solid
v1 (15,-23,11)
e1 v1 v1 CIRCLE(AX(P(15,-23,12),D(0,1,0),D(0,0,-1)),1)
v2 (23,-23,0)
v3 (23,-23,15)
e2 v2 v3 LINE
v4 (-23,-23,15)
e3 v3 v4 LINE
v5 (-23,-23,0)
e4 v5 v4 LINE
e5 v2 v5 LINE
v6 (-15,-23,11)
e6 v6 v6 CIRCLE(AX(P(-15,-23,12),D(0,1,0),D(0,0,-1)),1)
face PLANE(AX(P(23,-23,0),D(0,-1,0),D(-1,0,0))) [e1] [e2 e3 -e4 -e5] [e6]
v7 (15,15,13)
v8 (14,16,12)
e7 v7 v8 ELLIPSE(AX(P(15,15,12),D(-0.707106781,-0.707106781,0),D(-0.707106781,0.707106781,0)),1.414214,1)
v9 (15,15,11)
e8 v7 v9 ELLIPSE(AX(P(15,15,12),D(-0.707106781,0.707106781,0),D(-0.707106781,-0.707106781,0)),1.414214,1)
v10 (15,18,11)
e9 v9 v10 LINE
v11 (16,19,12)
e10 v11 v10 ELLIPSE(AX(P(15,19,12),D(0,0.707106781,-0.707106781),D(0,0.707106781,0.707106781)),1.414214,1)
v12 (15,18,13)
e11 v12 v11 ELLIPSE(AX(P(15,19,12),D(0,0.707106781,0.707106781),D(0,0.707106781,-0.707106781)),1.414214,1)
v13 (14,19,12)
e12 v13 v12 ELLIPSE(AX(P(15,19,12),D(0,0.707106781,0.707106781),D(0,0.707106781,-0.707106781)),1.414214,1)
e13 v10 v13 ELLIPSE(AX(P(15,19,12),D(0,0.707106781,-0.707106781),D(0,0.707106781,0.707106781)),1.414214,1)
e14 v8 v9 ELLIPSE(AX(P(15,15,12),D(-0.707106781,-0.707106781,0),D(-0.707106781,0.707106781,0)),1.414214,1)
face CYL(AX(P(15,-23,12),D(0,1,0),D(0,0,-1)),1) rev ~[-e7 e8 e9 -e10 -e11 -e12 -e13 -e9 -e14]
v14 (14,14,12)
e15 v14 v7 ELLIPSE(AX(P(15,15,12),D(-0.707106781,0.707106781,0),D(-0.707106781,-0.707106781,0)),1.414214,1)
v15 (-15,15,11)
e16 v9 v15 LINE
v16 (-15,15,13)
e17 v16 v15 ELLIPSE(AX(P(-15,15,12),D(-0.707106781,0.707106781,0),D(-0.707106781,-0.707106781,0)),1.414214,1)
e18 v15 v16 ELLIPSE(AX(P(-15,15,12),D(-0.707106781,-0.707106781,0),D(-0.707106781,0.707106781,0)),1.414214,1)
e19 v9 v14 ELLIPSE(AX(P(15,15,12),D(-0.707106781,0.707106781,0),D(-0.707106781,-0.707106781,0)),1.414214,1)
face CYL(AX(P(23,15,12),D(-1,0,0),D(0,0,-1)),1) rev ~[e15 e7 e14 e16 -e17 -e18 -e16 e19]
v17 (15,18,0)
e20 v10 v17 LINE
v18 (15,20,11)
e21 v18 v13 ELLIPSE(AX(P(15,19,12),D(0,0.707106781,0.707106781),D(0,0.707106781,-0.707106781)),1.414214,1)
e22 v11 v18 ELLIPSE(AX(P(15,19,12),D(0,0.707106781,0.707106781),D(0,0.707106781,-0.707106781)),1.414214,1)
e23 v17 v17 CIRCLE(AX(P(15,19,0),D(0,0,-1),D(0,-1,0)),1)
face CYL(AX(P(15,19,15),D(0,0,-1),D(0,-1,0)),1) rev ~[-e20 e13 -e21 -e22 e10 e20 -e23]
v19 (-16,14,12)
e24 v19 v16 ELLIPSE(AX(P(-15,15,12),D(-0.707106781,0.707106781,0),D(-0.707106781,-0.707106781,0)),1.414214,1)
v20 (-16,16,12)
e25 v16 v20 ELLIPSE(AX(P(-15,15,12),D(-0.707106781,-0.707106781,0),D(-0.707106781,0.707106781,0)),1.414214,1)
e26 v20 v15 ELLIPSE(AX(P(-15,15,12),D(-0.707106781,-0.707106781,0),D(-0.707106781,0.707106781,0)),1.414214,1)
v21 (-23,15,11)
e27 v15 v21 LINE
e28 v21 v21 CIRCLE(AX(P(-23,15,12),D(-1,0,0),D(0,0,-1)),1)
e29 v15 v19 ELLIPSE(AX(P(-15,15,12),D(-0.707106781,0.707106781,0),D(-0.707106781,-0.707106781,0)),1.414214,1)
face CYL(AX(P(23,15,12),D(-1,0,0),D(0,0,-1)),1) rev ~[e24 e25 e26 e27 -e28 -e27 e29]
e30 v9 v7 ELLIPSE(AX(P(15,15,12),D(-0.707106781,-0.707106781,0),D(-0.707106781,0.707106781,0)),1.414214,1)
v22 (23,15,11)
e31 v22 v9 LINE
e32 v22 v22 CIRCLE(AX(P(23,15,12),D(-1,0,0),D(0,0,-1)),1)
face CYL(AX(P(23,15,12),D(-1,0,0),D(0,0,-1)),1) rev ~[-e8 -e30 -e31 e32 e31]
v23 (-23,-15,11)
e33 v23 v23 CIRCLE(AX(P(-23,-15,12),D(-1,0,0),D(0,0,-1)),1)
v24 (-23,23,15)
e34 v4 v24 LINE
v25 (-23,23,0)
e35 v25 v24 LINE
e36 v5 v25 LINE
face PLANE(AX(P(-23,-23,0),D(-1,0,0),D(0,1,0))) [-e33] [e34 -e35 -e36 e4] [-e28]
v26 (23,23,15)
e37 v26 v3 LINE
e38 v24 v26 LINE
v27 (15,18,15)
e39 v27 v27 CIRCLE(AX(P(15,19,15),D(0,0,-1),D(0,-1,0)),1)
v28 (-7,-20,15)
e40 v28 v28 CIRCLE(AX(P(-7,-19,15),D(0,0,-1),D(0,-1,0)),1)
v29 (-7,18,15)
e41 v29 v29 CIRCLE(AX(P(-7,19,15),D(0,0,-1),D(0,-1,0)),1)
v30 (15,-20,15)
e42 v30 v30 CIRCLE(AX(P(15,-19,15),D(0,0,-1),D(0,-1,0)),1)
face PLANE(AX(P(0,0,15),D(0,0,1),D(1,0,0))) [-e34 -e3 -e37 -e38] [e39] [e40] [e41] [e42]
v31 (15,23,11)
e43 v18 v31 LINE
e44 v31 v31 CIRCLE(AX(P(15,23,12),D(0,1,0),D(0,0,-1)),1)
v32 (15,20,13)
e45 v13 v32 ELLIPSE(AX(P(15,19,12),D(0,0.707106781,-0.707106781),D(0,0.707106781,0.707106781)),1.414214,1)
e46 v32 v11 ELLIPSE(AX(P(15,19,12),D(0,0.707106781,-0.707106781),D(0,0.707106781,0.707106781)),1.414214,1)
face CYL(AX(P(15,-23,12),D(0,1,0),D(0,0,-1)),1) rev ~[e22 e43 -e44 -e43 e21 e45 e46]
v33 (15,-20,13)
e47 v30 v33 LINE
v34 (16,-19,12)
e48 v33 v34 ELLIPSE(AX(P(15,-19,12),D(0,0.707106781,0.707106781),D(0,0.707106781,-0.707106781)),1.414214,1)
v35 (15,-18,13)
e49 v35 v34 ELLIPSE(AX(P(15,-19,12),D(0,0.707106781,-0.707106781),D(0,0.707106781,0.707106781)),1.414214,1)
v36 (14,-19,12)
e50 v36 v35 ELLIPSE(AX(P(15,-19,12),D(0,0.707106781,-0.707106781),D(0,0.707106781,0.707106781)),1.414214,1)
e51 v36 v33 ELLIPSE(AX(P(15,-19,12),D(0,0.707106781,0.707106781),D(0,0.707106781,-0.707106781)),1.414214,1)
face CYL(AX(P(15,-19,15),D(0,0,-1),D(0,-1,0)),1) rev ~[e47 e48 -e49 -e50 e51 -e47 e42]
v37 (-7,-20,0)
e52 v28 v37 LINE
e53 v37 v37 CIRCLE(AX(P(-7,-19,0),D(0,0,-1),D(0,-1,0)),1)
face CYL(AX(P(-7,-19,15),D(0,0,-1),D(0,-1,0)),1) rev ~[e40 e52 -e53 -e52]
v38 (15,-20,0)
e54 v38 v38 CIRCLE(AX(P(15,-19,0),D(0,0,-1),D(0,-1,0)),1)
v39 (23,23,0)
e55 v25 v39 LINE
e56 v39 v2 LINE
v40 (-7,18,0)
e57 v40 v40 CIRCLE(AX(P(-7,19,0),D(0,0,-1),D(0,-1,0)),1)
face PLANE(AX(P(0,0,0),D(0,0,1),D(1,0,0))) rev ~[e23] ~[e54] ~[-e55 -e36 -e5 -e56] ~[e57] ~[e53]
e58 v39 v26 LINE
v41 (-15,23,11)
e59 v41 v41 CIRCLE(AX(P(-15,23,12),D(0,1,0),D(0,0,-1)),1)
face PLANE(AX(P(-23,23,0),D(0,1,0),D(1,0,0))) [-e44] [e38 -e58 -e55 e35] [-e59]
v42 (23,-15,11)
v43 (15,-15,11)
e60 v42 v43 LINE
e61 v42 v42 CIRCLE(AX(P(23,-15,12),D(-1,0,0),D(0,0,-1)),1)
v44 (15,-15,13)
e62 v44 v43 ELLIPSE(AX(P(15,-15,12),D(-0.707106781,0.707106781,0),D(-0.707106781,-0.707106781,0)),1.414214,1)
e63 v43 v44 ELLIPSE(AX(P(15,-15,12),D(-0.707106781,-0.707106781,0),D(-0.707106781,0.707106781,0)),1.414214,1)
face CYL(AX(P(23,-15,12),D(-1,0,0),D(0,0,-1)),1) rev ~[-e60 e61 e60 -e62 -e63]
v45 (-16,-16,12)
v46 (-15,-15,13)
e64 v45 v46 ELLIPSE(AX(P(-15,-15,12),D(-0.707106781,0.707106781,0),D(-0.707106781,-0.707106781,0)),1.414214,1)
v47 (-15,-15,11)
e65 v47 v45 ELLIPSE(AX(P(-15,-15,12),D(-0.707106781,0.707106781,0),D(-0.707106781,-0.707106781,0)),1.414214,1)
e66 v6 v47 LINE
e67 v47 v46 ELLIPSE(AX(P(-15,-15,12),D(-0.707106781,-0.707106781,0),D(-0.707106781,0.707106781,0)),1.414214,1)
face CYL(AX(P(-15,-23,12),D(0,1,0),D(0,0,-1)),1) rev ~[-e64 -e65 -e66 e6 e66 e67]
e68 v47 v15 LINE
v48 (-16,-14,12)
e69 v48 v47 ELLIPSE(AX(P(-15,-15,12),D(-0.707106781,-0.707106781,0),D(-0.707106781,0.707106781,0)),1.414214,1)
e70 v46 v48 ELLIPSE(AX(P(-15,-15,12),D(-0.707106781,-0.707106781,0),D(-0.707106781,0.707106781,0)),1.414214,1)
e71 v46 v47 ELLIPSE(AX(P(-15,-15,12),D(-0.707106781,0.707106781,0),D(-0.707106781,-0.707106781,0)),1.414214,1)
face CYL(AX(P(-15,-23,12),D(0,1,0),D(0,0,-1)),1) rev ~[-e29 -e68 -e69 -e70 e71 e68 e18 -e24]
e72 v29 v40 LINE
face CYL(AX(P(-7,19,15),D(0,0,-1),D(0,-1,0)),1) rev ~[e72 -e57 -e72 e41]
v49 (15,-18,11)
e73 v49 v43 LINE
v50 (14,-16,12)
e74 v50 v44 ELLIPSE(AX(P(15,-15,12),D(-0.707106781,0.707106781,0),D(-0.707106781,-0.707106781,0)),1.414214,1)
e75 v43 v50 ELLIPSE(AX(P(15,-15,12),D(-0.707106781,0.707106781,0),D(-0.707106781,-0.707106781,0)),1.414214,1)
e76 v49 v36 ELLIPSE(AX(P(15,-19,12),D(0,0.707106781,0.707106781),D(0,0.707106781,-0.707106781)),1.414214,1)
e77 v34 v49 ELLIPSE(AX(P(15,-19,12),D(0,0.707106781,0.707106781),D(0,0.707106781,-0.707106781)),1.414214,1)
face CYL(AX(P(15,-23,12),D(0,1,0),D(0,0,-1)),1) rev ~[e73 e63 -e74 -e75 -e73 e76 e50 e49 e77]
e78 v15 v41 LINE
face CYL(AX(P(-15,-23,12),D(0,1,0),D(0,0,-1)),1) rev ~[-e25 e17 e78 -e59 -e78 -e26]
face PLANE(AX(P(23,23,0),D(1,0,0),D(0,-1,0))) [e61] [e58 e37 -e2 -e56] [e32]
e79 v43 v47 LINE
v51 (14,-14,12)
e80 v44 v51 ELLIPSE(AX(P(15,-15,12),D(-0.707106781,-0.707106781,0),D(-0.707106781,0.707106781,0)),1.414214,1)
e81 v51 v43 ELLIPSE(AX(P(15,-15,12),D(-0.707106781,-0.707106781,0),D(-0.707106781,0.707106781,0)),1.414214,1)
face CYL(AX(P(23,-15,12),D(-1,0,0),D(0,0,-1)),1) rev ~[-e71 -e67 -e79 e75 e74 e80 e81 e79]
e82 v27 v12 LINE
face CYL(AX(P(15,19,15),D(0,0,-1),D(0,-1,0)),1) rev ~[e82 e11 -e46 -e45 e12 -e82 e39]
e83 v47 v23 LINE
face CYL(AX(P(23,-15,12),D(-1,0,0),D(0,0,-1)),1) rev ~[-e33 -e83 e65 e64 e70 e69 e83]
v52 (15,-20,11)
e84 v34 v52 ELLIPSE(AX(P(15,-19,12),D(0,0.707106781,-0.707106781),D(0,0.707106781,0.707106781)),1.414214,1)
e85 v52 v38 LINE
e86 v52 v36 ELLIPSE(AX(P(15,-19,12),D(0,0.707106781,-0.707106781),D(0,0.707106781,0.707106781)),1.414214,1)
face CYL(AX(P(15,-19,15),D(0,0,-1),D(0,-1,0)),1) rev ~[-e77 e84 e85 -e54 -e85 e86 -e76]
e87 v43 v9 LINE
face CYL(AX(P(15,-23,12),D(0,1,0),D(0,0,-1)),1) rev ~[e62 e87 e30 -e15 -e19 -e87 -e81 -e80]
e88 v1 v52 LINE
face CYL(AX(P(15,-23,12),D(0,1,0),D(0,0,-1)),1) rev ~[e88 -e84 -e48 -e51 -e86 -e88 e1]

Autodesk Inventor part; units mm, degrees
ref_plane "YZ Plane" through (0, 0, 0) normal (1, 0, 0) x (0, 1, 0)
ref_plane "XZ Plane" through (0, 0, 0) normal (0, 1, 0) x (-1, 0, 0)
ref_plane "XY Plane" through (0, 0, 0) normal (0, 0, 1) x (1, 0, 0)
sketch "スケッチ1" plane through (0, 0, 0) normal (0, 0, 1) x (1, 0, 0)
  line L0 (-23, 23) -> (23, 23)
  line L1 (23, 23) -> (23, -23)
  line L2 (23, -23) -> (-23, -23)
  line L3 (-23, -23) -> (-23, 23)
  point P0 (0, 0)
  dimension "d0" = 46
  dimension "d1" = 46
  dimension "d2" = 23
  dimension "d3" = 23
extrude "押し出し1" add sketch "スケッチ1" along normal blind 15
sketch "スケッチ2" plane through (23, -23, 0) normal (1, 0, 0) x (0, 0, -1)
  line L0 (0, 0) -> (-15, 0) projected
  line L1 (0, 46) -> (-15, 46) projected
  circle A0 centre (-12, 38) radius 1
  circle A1 centre (-12, 8) radius 1
  line L2 (-15, 46) -> (-15, 0) projected
  point P0 (0, 23)
  dimension "d6" = 2
  dimension "d8" = 8
  dimension "d13" = 8
  dimension "d48" = 3
  dimension "d50" = 3
hole "穴1" at (23, -15, 12) at (23, 15, 12) direction (-1, 0, 0) diameter 2 end through all
sketch "スケッチ3" plane through (-23, -23, 0) normal (0, -1, 0) x (1, 0, 0)
  line L0 (46, 15) -> (0, 15) projected
  line L1 (0, 0) -> (0, 15) projected
  line L2 (46, 0) -> (46, 15) projected
  circle A0 centre (8, 12) radius 1
  circle A1 centre (38, 12) radius 1
  point P0 (23, 0)
  dimension "d22" = 2
  dimension "d23" = 3
  dimension "d25" = 3
  dimension "d26" = 8
  dimension "d27" = 8
hole "穴2" at (-15, -23, 12) at (15, -23, 12) direction (0, 1, 0) diameter 2 end through all
sketch "スケッチ4" plane through (0, 0, 15) normal (0, 0, 1) x (1, 0, 0)
  line L0 (-23, -23) -> (-23, 23) projected
  line L1 (23, -23) -> (-23, -23) projected
  circle A0 centre (-7, 19) radius 1
  circle A1 centre (15, 19) radius 1
  circle A2 centre (-7, -19) radius 1
  circle A3 centre (15, -19) radius 1
  dimension "d51" = 2
  dimension "d52" = 22
  dimension "d53" = 22
  dimension "d54" = 38
  dimension "d55" = 38
  dimension "d88" = 16
  dimension "d89" = 16
  dimension "d90" = 4
  dimension "d91" = 4
hole "穴3" at (-7, -19, 15) at (-7, 19, 15) at (15, -19, 15) at (15, 19, 15) direction (0, 0, -1) diameter 2 end through all
thread "ねじ1" size "M2x0.4" class "6H" standard "ANSI Metric M Profile" full length
thread "ねじ3" size "M2x0.4" class "6H" standard "ANSI Metric M Profile" full length
thread "ねじ5" size "M2x0.4" class "6H" standard "ANSI Metric M Profile" full length
thread "ねじ6" size "M2x0.4" class "6H" standard "ANSI Metric M Profile" full length
thread "ねじ11" size "M2x0.4" class "6H" standard "ANSI Metric M Profile" full length
thread "ねじ13" size "M2x0.4" class "6H" standard "ANSI Metric M Profile" full length
thread "ねじ14" size "M2x0.4" class "6H" standard "ANSI Metric M Profile" full length
thread "ねじ16" size "M2x0.4" class "6H" standard "ANSI Metric M Profile" full length
thread "ねじ17" size "M2x0.4" class "6H" standard "ANSI Metric M Profile" full length
thread "ねじ18" size "M2x0.4" class "6H" standard "ANSI Metric M Profile" full length
thread "ねじ19" size "M2x0.4" class "6H" standard "ANSI Metric M Profile" full length
thread "ねじ20" size "M2x0.4" class "6H" standard "ANSI Metric M Profile" full length
properties part number "14" material "アセタール樹脂、白"
